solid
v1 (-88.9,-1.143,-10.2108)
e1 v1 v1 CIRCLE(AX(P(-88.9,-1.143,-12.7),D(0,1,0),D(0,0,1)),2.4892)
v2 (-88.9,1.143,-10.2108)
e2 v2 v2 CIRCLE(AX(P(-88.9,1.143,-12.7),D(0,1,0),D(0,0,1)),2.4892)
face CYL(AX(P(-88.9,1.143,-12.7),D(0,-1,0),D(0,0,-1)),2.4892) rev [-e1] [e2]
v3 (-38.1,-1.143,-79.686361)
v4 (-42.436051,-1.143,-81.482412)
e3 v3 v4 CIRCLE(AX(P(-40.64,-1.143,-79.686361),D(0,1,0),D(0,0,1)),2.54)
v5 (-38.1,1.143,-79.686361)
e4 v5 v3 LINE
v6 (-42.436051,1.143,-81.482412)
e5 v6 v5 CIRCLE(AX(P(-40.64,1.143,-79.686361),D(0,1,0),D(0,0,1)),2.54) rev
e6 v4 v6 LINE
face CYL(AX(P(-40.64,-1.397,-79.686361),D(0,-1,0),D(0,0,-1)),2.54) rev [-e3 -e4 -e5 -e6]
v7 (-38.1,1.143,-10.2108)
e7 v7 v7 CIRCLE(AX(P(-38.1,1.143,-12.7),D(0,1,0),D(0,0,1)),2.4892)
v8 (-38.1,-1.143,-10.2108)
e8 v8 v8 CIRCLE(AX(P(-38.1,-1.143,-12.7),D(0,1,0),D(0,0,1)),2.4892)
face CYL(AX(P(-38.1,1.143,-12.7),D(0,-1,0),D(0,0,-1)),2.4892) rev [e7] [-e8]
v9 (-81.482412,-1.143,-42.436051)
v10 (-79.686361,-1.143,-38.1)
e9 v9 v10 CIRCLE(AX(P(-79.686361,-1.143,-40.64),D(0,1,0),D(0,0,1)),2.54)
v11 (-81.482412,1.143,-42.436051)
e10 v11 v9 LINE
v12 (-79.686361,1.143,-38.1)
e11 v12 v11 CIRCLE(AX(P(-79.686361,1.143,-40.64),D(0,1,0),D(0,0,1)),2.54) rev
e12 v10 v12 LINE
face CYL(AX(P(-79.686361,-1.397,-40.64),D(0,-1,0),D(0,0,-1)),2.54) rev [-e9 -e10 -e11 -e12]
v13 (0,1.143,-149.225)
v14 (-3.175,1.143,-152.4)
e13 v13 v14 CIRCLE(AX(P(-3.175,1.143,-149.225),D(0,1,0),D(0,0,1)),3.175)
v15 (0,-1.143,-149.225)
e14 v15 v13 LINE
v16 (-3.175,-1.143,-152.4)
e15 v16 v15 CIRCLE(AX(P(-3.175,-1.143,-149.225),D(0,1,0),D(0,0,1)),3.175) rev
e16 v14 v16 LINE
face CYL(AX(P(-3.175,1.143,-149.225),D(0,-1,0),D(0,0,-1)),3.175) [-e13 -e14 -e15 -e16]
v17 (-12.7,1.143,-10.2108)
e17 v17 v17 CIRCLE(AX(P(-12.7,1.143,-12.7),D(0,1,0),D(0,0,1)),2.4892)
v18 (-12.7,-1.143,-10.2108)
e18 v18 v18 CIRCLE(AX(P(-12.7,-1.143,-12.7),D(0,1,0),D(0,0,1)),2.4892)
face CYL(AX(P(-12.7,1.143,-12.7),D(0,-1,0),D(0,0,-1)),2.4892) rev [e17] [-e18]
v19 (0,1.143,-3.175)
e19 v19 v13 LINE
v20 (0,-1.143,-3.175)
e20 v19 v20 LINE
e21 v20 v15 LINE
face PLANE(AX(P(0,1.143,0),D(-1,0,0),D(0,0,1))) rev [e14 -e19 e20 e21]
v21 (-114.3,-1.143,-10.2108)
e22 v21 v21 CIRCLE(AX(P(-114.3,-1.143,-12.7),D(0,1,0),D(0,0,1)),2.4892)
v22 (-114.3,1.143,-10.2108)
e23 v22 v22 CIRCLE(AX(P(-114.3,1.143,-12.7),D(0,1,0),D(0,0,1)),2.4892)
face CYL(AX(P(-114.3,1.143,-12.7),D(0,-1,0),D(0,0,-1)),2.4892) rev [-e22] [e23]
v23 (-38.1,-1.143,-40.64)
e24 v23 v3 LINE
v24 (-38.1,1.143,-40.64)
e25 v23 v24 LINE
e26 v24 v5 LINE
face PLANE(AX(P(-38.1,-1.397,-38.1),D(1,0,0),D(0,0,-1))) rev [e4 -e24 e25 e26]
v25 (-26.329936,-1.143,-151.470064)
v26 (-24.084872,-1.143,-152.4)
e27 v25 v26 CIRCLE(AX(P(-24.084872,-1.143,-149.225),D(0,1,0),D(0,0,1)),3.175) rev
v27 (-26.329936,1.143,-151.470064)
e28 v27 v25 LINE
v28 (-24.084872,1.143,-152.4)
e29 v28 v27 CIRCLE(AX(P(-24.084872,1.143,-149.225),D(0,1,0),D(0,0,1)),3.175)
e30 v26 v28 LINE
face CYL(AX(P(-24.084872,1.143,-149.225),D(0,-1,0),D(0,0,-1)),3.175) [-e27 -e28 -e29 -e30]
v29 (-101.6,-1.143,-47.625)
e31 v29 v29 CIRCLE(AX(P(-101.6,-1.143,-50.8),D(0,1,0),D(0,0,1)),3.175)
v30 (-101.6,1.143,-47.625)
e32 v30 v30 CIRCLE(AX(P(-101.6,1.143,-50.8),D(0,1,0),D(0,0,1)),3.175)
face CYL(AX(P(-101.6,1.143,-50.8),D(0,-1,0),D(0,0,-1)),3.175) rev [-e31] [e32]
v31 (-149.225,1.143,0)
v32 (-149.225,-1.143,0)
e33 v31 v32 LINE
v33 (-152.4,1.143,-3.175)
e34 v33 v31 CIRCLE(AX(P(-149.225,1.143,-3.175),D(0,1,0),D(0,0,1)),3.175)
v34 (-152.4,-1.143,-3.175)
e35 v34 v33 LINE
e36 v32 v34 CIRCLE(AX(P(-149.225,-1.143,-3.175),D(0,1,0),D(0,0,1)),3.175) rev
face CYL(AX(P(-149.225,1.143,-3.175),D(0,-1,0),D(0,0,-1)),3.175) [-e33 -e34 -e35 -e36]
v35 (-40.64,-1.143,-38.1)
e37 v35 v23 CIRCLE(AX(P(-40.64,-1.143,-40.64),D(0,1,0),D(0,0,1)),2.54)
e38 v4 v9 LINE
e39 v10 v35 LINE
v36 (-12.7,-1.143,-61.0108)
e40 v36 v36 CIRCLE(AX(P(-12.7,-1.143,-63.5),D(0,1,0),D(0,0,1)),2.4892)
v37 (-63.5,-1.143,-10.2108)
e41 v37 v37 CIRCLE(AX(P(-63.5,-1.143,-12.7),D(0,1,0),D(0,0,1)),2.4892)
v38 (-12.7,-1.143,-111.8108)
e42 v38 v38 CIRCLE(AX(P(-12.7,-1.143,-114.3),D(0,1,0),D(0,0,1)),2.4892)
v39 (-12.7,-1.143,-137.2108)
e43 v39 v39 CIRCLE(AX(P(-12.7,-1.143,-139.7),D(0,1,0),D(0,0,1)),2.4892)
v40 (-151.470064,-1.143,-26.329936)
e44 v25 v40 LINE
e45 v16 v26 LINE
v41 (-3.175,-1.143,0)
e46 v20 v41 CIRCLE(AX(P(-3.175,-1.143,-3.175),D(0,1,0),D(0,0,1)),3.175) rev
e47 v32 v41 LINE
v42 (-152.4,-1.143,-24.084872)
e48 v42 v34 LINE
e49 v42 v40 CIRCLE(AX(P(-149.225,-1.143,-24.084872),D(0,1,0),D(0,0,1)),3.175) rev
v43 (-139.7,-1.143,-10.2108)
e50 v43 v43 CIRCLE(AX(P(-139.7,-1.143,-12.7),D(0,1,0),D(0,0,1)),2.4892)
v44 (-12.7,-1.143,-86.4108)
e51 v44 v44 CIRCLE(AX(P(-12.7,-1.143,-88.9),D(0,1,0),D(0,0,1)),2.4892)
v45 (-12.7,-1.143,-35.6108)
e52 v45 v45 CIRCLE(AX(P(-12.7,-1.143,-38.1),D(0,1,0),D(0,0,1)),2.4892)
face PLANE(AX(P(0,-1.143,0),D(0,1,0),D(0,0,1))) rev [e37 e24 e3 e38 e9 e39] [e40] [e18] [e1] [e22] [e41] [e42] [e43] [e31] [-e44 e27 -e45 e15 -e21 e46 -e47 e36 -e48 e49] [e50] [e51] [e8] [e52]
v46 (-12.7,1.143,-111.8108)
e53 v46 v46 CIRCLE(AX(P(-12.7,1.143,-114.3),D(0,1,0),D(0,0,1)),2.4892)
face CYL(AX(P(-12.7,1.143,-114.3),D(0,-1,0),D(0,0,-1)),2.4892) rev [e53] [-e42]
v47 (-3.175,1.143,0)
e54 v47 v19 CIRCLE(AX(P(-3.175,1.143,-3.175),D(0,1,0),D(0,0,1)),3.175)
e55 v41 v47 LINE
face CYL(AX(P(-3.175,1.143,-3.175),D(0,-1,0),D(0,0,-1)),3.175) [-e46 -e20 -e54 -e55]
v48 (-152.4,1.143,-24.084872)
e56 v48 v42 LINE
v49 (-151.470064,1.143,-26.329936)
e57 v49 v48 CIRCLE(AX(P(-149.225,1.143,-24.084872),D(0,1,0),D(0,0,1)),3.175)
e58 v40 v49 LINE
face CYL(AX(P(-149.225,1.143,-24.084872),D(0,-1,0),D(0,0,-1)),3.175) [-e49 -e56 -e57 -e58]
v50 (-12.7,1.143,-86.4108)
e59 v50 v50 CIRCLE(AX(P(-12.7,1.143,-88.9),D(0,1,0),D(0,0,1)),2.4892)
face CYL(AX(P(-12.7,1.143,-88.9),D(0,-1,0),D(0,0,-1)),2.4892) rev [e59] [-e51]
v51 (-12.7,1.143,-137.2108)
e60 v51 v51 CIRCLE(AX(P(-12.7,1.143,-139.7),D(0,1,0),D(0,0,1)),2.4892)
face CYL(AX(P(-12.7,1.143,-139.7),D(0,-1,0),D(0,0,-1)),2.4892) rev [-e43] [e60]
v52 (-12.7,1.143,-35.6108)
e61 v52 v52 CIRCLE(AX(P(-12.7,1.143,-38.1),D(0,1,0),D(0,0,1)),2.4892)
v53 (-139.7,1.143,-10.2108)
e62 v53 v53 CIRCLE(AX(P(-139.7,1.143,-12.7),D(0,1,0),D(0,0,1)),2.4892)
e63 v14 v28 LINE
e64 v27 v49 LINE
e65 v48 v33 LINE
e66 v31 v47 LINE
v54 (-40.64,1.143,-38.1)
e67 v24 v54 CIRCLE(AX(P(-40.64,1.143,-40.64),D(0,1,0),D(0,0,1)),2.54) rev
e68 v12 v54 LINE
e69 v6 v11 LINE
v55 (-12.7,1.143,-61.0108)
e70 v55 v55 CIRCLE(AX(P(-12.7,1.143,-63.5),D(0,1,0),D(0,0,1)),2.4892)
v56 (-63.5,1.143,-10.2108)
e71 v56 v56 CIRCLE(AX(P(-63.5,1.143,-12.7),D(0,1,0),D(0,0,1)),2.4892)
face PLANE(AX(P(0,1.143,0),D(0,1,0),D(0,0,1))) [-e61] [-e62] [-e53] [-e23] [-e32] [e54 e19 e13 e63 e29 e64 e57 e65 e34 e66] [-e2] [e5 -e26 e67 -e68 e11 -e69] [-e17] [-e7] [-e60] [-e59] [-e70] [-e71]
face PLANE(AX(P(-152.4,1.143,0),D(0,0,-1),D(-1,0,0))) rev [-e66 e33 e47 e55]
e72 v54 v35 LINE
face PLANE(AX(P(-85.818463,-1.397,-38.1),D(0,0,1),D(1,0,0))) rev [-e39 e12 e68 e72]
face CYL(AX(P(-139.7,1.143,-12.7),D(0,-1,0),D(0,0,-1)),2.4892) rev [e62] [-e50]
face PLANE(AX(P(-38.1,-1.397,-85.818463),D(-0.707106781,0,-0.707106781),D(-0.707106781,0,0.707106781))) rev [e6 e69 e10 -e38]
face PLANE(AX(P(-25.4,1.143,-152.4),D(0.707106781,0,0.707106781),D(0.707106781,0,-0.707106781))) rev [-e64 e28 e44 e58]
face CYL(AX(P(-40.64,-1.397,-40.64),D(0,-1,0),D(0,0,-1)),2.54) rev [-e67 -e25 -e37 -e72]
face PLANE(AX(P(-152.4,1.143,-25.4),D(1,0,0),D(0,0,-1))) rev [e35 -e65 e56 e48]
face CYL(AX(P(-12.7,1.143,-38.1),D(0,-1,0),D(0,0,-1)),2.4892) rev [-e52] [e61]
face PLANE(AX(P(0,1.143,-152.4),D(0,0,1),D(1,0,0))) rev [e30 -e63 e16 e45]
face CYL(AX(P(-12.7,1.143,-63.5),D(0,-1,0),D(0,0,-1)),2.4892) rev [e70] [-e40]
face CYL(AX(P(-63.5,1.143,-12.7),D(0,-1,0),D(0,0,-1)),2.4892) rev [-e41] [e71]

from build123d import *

# Parameters (mm, degrees)
SKETCH1_R           = 2.4892
SKETCH1_R_2         = 3.175
BOSS_EXTRUDE2_DEPTH = 1.143
FILLET1_R           = 3.175
FILLET2_R           = 3.175
SKETCH2_OUTSIDE_W   = 197.508
SKETCH2_OUTSIDE_H   = 197.508
SKETCH2_OUTSIDE_W_2 = 152.4
SKETCH2_OUTSIDE_H_2 = 152.4
CUT_EXTRUDE1_DEPTH  = 2.54
FILLET3_R           = 2.54


with BuildPart() as part:
    # Sketch1 → Boss-Extrude2 (new, symmetric)
    with BuildSketch(Plane(origin=(0, 0, 0), x_dir=(1, 0, 0), z_dir=(0, 1, 0))):
        Polygon((0, 0), (0, 152.4), (-25.4, 152.4), (-152.4, 25.4), (-152.4, 0), align=None)
        with Locations(Location((-12.7, 12.7, 0), (0, 0, 270))):
            Circle(SKETCH1_R, mode=Mode.SUBTRACT)
        with Locations(Location((-38.1, 12.7, 0), (0, 0, 270))):
            Circle(SKETCH1_R, mode=Mode.SUBTRACT)
        with Locations(Location((-63.5, 12.7, 0), (0, 0, 270))):
            Circle(SKETCH1_R, mode=Mode.SUBTRACT)
        with Locations(Location((-88.9, 12.7, 0), (0, 0, 270))):
            Circle(SKETCH1_R, mode=Mode.SUBTRACT)
        with Locations(Location((-114.3, 12.7, 0), (0, 0, 270))):
            Circle(SKETCH1_R, mode=Mode.SUBTRACT)
        with Locations(Location((-12.7, 38.1, 0), (0, 0, 270))):
            Circle(SKETCH1_R, mode=Mode.SUBTRACT)
        with Locations(Location((-12.7, 63.5, 0), (0, 0, 270))):
            Circle(SKETCH1_R, mode=Mode.SUBTRACT)
        with Locations(Location((-12.7, 88.9, 0), (0, 0, 270))):
            Circle(SKETCH1_R, mode=Mode.SUBTRACT)
        with Locations(Location((-12.7, 114.3, 0), (0, 0, 270))):
            Circle(SKETCH1_R, mode=Mode.SUBTRACT)
        with Locations(Location((-139.7, 12.7, 0), (0, 0, 270))):
            Circle(SKETCH1_R, mode=Mode.SUBTRACT)
        with Locations(Location((-12.7, 139.7, 0), (0, 0, 270))):
            Circle(SKETCH1_R, mode=Mode.SUBTRACT)
        with Locations(Location((-101.6, 50.8, 0), (0, 0, 270))):
            Circle(SKETCH1_R_2, mode=Mode.SUBTRACT)
    extrude(amount=BOSS_EXTRUDE2_DEPTH, both=True)

    # Fillet1
    fillet1_edges = [part.edges().sort_by_distance(p)[0] for p in [
        (-152.4, 0, 0),
        (0, 0, 0),
    ]]
    fillet(fillet1_edges, radius=FILLET1_R)

    # Fillet2
    fillet2_edges = [part.edges().sort_by_distance(p)[0] for p in [
        (-152.4, 0, -25.4),
        (-25.4, 0, -152.4),
        (0, 0, -152.4),
    ]]
    fillet(fillet2_edges, radius=FILLET2_R)

    # Sketch2 outside → Cut-Extrude1 (cut)
    # profile 1 of 2: a face of its own
    with BuildSketch(Plane(origin=(0, 1.143, 0), x_dir=(1, 0, 0), z_dir=(0, 1, 0))):
        with Locations((-76.2, 76.2)):
            Rectangle(SKETCH2_OUTSIDE_W, SKETCH2_OUTSIDE_H)
        with Locations((-76.2, 76.2)):
            Rectangle(SKETCH2_OUTSIDE_W_2, SKETCH2_OUTSIDE_H_2, mode=Mode.SUBTRACT)
    # profile 2 of 2: a face of its own
    with BuildSketch(Plane(origin=(0, 1.143, 0), x_dir=(1, 0, 0), z_dir=(0, 1, 0))):
        Polygon((-38.1, 85.818463274), (-85.818463274, 38.1), (-38.1, 38.1), align=None)
    extrude(amount=-CUT_EXTRUDE1_DEPTH, mode=Mode.SUBTRACT)

    # Fillet3
    fillet3_edges = [part.edges().sort_by_distance(p)[0] for p in [
        (-38.1, 0, -85.818463274),
        (-38.1, 0, -38.1),
        (-85.818463274, 0, -38.1),
    ]]
    fillet(fillet3_edges, radius=FILLET3_R)


solid = part.part
